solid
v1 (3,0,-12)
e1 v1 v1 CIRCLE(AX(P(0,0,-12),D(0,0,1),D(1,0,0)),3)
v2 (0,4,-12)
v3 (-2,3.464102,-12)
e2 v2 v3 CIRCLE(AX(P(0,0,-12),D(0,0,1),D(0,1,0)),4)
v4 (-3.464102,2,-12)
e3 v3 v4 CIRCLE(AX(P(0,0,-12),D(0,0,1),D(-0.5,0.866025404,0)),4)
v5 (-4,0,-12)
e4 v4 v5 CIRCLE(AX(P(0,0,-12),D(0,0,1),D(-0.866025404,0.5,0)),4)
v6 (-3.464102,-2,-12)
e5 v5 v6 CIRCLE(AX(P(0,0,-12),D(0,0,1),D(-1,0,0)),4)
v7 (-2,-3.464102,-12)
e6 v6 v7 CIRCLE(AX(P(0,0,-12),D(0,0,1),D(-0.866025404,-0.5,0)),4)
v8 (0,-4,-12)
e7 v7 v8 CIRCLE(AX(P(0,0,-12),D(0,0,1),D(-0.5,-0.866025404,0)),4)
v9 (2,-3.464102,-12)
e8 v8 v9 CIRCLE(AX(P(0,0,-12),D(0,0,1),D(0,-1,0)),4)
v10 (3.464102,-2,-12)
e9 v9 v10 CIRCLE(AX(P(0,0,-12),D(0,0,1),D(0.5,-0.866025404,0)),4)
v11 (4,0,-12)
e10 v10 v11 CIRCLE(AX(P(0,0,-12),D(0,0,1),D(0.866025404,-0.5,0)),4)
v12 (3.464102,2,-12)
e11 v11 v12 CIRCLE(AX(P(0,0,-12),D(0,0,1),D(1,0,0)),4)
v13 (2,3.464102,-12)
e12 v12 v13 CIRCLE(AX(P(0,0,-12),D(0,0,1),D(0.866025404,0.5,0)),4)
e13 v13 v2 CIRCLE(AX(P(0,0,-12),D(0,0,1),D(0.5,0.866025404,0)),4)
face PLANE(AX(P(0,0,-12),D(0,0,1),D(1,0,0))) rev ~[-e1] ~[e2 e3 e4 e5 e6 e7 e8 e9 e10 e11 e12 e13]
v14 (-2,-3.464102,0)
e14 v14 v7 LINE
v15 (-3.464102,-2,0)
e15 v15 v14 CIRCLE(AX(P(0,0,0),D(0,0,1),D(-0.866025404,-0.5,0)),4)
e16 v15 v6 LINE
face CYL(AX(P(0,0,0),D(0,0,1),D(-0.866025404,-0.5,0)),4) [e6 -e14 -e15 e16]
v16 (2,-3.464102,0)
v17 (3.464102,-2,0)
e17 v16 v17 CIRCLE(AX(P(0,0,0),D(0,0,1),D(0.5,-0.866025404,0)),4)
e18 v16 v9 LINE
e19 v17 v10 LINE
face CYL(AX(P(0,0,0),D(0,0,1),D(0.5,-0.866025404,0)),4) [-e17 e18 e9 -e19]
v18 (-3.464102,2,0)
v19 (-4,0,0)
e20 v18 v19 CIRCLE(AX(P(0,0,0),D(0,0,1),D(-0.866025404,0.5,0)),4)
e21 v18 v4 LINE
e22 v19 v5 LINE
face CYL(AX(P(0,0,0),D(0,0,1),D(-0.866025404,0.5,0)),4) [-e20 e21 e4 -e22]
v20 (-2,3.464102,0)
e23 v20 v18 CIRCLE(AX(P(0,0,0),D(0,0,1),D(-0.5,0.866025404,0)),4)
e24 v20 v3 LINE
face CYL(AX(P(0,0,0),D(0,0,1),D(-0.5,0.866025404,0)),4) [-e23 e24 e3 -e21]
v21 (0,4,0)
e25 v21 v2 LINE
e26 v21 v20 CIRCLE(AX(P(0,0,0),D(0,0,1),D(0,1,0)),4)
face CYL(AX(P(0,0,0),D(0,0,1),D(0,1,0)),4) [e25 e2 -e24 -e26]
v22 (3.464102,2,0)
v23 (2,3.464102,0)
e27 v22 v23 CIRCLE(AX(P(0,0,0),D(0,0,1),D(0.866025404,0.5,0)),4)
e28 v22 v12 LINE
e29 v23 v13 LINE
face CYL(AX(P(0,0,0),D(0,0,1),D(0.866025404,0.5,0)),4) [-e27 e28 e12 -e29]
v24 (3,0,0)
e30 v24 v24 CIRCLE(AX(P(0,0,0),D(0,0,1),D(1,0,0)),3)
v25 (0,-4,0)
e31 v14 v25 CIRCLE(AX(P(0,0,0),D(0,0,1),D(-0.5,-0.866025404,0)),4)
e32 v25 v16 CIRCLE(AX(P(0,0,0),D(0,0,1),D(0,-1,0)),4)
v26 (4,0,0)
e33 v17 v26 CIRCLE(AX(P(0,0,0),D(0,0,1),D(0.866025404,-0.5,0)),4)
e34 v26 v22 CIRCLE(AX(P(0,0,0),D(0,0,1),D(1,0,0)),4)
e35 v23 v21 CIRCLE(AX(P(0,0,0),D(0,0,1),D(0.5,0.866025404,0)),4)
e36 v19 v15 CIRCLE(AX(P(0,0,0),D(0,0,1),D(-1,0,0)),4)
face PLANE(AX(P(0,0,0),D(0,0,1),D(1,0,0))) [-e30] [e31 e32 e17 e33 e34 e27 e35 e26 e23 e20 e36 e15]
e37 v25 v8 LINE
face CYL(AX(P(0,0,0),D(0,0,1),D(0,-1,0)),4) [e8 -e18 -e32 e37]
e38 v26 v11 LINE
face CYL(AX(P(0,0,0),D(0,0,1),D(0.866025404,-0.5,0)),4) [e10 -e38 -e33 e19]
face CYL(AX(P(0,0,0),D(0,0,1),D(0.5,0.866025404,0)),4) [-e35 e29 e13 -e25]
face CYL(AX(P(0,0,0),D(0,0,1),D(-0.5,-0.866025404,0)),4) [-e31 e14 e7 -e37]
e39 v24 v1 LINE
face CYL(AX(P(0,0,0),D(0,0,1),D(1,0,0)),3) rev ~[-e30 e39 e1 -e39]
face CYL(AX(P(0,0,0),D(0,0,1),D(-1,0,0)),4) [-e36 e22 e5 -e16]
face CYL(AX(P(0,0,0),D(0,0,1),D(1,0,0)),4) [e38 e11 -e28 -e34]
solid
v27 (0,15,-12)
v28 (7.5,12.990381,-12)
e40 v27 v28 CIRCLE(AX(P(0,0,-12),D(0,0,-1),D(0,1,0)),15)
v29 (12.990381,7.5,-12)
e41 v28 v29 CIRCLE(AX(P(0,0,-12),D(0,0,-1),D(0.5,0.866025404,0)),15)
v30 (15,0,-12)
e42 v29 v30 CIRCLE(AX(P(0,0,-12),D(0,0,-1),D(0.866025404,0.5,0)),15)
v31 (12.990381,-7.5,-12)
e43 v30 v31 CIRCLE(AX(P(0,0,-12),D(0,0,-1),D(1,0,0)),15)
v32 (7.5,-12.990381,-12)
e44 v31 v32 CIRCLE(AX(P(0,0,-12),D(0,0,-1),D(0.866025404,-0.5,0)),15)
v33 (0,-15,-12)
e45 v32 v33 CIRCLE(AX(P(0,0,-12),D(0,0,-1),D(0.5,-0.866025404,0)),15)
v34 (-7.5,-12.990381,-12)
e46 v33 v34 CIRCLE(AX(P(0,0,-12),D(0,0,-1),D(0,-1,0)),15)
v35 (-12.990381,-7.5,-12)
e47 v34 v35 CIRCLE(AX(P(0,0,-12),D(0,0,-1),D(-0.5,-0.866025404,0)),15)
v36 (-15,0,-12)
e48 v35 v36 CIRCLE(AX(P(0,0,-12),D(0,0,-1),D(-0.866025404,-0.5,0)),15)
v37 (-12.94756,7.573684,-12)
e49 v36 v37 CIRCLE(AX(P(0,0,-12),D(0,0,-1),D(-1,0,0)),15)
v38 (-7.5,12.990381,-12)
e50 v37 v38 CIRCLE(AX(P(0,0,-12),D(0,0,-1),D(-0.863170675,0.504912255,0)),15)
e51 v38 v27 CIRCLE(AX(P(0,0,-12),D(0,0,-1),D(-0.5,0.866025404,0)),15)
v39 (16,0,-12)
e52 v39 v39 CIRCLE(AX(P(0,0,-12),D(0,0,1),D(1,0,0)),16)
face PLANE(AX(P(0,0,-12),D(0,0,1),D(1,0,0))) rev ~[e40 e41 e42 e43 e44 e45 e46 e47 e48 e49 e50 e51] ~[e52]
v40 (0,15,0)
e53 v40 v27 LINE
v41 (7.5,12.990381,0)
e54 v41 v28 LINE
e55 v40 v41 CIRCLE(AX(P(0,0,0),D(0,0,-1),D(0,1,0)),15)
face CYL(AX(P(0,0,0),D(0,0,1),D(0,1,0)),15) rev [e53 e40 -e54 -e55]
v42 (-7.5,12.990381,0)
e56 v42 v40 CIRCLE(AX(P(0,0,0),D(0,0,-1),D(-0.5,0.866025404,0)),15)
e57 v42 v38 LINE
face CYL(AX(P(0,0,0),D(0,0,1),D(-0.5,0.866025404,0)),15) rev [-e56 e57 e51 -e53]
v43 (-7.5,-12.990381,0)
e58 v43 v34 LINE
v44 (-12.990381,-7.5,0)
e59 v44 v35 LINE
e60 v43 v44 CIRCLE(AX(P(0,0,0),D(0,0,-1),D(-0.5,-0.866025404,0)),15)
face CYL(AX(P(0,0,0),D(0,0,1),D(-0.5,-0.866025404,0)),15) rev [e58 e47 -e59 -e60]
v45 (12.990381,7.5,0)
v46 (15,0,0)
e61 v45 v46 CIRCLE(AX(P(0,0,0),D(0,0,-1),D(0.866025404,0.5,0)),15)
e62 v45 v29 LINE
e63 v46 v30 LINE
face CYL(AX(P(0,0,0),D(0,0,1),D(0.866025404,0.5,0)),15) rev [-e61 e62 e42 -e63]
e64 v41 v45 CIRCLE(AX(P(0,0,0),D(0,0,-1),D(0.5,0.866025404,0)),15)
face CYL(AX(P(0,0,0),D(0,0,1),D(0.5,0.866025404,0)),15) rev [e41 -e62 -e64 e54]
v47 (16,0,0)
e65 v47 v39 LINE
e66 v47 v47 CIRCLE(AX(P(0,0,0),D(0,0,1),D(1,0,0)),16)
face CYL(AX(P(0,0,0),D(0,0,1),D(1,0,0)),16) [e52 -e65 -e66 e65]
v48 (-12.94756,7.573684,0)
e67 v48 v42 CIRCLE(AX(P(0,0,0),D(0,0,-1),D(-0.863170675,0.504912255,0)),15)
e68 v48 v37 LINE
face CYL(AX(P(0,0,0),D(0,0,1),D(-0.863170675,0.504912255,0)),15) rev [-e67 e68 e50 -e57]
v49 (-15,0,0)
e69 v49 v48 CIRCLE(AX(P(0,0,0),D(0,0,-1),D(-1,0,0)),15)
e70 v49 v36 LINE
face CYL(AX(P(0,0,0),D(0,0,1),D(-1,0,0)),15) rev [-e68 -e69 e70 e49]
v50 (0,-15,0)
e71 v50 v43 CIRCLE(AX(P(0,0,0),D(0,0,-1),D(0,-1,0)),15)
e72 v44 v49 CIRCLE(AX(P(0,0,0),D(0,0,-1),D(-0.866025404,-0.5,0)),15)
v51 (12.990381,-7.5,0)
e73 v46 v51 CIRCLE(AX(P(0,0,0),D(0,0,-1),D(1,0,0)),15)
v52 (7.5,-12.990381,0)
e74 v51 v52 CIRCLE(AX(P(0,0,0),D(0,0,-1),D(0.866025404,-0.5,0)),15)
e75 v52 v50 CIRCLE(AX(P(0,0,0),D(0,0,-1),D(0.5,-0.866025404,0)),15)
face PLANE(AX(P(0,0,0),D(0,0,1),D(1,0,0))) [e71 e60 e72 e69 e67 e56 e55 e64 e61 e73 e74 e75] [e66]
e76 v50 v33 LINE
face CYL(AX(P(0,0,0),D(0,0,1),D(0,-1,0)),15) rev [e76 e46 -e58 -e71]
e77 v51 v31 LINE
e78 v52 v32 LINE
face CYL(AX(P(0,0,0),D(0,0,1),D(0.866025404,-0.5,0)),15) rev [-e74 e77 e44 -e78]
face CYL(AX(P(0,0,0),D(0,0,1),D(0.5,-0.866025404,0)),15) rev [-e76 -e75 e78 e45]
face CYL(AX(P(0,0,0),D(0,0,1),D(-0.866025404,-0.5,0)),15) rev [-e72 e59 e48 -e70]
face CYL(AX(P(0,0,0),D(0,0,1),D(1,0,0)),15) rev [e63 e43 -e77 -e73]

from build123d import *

# Parameters (mm, degrees)
F0_R     = 3
F1_DEPTH = 12
F0_R_2   = 16


with BuildPart() as f1:
    # F0 (on Top) → F1 (new body)
    with BuildSketch(Plane.XY):
        with BuildLine():
            ThreePointArc((-2, -3.4641016151), (-1.0352761804, -3.8637033052), (0, -4))
            ThreePointArc((0, -4), (1.0352761804, -3.8637033052), (2, -3.4641016151))
            ThreePointArc((2, -3.4641016151), (2.8284271247, -2.8284271247), (3.4641016151, -2))
            ThreePointArc((3.4641016151, -2), (3.8637033052, -1.0352761804), (4, 0))
            ThreePointArc((4, 0), (3.8637033052, 1.0352761804), (3.4641016151, 2))
            ThreePointArc((3.4641016151, 2), (2.8284271247, 2.8284271247), (2, 3.4641016151))
            ThreePointArc((2, 3.4641016151), (1.0352761804, 3.8637033052), (0, 4))
            ThreePointArc((0, 4), (-1.0352761804, 3.8637033052), (-2, 3.4641016151))
            ThreePointArc((-2, 3.4641016151), (-2.8284271247, 2.8284271247), (-3.4641016151, 2))
            ThreePointArc((-3.4641016151, 2), (-3.8637033052, 1.0352761804), (-4, 0))
            ThreePointArc((-4, 0), (-3.8637033052, -1.0352761804), (-3.4641016151, -2))
            ThreePointArc((-3.4641016151, -2), (-2.8284271247, -2.8284271247), (-2, -3.4641016151))
        make_face()
        Circle(F0_R, mode=Mode.SUBTRACT)
    extrude(amount=-F1_DEPTH)


with BuildPart() as f1b:
    # F0 (on Top) → F1, piece 2 (new body)
    with BuildSketch(Plane.XY):
        Circle(F0_R_2)
        with BuildLine():
            ThreePointArc((12.9903810568, 7.5), (14.4888873943, 3.8822856765), (15, 0))
            ThreePointArc((15, 0), (14.4888873943, -3.8822856765), (12.9903810568, -7.5))
            ThreePointArc((12.9903810568, -7.5), (10.6066017178, -10.6066017178), (7.5, -12.9903810568))
            ThreePointArc((7.5, -12.9903810568), (3.8822856765, -14.4888873943), (0, -15))
            ThreePointArc((0, -15), (-3.8822856765, -14.4888873943), (-7.5, -12.9903810568))
            ThreePointArc((-7.5, -12.9903810568), (-10.6066017178, -10.6066017178), (-12.9903810568, -7.5))
            ThreePointArc((-12.9903810568, -7.5), (-14.4888873943, -3.8822856765), (-15, 0))
            ThreePointArc((-15, 0), (-14.4778002803, 3.9234295001), (-12.9475601277, 7.5736838289))
            ThreePointArc((-12.9475601277, 7.5736838289), (-10.5764280836, 10.6366897572), (-7.5, 12.9903810568))
            ThreePointArc((-7.5, 12.9903810568), (-3.8822856765, 14.4888873943), (0, 15))
            ThreePointArc((0, 15), (3.8822856765, 14.4888873943), (7.5, 12.9903810568))
            ThreePointArc((7.5, 12.9903810568), (10.6066017178, 10.6066017178), (12.9903810568, 7.5))
        make_face(mode=Mode.SUBTRACT)
    extrude(amount=-F1_DEPTH)


solid = Compound([f1.part, f1b.part])
